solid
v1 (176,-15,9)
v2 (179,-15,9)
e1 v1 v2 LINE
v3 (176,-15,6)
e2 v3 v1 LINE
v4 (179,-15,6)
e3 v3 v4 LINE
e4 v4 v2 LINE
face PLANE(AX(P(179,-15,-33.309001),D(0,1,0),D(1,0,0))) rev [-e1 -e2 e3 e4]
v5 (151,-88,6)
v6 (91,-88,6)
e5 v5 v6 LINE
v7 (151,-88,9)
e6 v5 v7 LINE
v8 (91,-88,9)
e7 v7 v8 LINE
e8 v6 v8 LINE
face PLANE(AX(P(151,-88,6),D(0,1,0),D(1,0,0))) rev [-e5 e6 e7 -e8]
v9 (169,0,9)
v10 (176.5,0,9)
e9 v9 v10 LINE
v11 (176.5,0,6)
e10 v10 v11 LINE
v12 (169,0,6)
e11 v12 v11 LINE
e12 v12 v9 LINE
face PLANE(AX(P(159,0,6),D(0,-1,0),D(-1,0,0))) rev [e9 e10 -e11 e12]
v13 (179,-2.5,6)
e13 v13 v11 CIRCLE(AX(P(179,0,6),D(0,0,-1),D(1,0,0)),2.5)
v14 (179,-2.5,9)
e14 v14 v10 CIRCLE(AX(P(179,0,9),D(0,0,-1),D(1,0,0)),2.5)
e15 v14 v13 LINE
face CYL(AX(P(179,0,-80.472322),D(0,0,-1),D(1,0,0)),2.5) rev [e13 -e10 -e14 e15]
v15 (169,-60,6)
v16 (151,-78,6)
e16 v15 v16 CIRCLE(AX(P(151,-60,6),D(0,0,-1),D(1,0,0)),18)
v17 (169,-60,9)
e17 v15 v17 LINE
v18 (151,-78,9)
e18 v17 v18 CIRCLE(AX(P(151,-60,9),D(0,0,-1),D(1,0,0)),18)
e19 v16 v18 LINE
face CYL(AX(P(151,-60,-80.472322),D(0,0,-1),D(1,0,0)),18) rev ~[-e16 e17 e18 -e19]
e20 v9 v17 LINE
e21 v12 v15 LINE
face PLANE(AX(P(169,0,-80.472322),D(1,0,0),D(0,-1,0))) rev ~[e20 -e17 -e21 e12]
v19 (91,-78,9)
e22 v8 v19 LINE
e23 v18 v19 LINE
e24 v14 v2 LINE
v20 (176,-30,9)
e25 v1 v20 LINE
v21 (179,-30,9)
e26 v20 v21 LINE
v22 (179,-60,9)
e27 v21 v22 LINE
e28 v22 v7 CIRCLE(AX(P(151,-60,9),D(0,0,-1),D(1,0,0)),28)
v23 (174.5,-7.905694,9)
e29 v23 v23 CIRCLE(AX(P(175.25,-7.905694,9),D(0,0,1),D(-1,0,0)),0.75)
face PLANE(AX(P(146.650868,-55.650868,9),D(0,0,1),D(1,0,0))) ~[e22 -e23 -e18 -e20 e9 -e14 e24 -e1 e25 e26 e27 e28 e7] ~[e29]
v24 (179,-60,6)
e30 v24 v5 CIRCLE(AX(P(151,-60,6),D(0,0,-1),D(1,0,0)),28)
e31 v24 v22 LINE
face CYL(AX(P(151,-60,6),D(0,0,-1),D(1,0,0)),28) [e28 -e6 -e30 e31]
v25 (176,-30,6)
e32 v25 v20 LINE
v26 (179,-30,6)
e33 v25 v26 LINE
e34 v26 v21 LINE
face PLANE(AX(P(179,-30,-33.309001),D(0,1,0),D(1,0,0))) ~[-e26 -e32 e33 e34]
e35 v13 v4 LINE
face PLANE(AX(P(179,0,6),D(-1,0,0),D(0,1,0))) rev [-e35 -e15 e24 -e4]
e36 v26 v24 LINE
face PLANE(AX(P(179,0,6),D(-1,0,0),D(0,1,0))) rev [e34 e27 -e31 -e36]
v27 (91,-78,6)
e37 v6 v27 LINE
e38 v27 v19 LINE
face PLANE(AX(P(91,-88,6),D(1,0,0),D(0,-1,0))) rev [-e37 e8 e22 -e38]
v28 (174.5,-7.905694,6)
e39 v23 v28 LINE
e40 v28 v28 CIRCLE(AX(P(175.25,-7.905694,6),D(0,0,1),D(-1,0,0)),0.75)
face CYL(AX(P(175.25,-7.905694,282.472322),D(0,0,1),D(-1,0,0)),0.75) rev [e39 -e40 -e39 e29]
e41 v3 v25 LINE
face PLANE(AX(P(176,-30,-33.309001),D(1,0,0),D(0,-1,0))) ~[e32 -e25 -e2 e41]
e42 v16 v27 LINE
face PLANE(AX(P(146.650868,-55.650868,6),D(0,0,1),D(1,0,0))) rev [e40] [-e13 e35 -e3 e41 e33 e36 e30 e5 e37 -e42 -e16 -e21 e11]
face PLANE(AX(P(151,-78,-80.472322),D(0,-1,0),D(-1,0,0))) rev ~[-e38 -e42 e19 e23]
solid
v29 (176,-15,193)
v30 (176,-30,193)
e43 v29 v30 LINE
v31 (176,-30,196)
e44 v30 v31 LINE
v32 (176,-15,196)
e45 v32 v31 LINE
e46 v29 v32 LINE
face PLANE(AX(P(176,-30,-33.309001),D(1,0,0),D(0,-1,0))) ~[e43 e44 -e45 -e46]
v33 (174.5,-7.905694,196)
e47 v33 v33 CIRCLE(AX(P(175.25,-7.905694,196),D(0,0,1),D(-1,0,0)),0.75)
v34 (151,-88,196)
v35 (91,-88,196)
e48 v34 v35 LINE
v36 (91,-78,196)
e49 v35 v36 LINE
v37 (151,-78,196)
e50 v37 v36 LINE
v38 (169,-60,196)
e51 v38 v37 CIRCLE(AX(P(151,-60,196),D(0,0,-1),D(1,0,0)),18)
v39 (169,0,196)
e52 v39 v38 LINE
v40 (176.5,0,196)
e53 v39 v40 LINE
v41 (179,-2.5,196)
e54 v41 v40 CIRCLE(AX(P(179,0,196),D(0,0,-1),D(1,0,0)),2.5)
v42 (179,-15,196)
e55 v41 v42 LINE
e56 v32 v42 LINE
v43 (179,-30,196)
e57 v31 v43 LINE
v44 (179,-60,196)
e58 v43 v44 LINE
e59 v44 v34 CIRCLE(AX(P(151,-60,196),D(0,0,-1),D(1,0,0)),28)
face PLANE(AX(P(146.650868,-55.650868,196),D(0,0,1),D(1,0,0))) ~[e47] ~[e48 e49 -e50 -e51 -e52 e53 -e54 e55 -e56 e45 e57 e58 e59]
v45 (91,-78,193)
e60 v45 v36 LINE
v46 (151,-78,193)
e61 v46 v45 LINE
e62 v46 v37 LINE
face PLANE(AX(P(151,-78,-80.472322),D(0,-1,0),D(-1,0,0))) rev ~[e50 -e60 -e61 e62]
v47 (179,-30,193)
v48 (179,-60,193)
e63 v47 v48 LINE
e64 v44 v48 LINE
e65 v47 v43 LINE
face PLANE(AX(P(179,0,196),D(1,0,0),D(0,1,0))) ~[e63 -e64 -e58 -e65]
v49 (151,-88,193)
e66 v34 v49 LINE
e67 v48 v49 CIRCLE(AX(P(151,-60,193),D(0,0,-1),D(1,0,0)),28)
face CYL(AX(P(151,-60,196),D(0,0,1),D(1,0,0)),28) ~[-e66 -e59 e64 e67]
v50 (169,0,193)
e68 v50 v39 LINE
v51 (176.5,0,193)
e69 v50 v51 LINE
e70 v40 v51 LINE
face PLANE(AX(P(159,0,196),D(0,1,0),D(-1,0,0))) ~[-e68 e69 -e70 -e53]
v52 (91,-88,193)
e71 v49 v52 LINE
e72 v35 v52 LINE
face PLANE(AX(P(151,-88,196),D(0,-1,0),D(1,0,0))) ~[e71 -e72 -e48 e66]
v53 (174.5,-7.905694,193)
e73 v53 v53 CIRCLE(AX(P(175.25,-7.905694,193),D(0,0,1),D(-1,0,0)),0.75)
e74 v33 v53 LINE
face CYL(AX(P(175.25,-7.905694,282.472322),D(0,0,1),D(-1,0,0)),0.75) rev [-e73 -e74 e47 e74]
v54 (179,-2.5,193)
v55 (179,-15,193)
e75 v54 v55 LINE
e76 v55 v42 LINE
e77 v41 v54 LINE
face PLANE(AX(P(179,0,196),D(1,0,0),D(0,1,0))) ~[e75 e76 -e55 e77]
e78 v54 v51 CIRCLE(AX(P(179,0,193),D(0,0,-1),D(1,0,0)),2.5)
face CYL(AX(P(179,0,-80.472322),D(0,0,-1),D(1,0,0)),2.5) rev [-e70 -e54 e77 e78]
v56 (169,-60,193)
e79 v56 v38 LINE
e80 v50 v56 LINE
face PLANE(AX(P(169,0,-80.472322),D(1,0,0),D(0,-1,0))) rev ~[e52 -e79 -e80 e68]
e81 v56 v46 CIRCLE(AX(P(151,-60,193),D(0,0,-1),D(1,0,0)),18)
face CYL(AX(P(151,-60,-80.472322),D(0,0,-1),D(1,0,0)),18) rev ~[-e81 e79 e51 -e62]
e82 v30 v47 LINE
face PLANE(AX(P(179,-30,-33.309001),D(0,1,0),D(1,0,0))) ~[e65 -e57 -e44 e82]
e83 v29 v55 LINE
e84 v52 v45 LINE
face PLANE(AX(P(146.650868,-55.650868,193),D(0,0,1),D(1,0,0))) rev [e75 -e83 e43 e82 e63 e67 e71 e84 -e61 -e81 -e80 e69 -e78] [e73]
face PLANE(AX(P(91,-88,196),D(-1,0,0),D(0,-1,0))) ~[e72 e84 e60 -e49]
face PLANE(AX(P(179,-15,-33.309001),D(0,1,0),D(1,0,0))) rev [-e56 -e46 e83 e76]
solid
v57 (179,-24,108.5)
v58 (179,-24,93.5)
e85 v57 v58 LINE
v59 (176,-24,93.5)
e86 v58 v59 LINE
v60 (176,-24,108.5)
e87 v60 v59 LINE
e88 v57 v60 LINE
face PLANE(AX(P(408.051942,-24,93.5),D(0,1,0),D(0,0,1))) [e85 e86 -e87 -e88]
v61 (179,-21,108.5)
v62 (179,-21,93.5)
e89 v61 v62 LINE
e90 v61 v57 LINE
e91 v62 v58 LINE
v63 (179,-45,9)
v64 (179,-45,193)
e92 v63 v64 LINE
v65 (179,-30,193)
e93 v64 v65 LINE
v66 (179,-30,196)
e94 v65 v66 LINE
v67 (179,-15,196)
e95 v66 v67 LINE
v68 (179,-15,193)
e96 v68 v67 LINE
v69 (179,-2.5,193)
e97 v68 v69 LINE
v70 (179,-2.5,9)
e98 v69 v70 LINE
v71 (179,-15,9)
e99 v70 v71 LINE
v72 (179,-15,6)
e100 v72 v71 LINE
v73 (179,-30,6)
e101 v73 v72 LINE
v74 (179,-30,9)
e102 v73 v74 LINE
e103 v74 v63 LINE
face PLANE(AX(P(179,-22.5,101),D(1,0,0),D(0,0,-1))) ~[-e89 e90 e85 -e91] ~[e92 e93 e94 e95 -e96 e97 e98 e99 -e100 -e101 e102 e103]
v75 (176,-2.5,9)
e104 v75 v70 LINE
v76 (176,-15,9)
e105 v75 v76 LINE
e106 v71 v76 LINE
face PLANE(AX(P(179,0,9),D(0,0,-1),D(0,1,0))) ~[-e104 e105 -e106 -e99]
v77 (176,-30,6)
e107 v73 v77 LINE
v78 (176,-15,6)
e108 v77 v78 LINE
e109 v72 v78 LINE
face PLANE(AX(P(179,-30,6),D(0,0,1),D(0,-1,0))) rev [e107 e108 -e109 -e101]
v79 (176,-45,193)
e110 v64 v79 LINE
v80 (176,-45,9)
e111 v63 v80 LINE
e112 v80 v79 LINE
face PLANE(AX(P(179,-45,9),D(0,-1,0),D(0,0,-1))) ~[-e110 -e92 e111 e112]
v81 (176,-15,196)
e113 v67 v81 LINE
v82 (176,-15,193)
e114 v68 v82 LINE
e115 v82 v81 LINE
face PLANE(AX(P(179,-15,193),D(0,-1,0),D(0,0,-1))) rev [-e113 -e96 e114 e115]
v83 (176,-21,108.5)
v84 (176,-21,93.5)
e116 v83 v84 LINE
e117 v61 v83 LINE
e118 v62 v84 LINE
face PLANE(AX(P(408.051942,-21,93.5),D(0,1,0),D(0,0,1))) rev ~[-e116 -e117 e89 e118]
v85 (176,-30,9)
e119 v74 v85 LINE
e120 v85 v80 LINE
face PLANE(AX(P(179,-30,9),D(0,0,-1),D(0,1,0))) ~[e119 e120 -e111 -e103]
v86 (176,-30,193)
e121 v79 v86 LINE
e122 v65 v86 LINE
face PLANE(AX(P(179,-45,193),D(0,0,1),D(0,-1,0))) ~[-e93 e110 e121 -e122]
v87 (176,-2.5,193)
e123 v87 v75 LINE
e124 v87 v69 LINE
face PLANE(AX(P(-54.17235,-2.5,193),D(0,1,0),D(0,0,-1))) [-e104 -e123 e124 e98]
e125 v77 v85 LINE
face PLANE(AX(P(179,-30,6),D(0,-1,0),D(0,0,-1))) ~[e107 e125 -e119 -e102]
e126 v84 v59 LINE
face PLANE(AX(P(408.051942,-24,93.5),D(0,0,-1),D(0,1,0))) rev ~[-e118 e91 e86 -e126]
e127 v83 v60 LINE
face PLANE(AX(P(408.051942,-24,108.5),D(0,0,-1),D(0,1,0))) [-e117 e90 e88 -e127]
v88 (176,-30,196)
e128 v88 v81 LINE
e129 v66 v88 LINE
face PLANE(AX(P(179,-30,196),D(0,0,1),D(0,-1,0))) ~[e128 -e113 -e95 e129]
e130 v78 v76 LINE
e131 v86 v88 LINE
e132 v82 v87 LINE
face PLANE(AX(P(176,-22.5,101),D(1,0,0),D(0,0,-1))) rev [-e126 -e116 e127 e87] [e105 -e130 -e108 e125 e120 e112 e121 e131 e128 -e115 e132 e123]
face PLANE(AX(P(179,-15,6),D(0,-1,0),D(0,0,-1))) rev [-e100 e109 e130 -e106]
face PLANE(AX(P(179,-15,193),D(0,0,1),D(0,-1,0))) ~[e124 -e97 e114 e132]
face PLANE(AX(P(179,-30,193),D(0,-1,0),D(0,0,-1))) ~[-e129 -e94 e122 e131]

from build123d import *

# Parameters (mm, degrees)
BOSS_EXTRUDE1_DEPTH     = 3
BOSS_EXTRUDE2_START     = -190
BOSS_EXTRUDE2_DEPTH     = 3
CUT_EXTRUDE1_DEPTH      = 229.309001137
CUT_EXTRUDE1_DEPTH_BACK = 229.309001137
SKETCH2_W               = 3
SKETCH2_H               = 15
SKETCH3_W               = 3
SKETCH3_H               = 15
BOSS_EXTRUDE3_DEPTH     = 3
CUT_EXTRUDE2_DEPTH      = 276.472321659
CUT_EXTRUDE2_DEPTH_BACK = 276.472321659
SKETCH6_R               = 2.5
CUT_EXTRUDE3_DEPTH      = 233.172349775
CUT_EXTRUDE3_DEPTH_BACK = 233.172349775
SKETCH7_W               = 184
SKETCH7_H               = 2.5
CUT_EXTRUDE4_DEPTH      = 232.051942212
CUT_EXTRUDE4_DEPTH_BACK = 232.051942212
SKETCH8_W               = 15
SKETCH8_H               = 3
CUT_EXTRUDE6_DEPTH      = 276.472321659
CUT_EXTRUDE6_DEPTH_BACK = 276.472321659
CUT_EXTRUDE7_DEPTH      = 276.472321659
CUT_EXTRUDE7_DEPTH_BACK = 276.472321659
SKETCH12_R              = 0.75


with BuildPart() as part:
    # Sketch1 → Boss-Extrude1 (new body)
    with BuildSketch(Plane.XY.offset(196)):
        with BuildLine():
            Line((91, -68), (31, -68))
            ThreePointArc((31, -68), (25.343145751, -65.656854249), (23, -60))
            Line((23, -60), (23, 0))
            Line((23, 0), (3, 0))
            Line((3, 0), (3, -60))
            ThreePointArc((3, -60), (11.201010127, -79.798989873), (31, -88))
            Line((31, -88), (91, -88))
            Line((91, -88), (91, -68))
        make_face()
    extrude(amount=-BOSS_EXTRUDE1_DEPTH)


with BuildPart() as body_2:
    # Sketch1<2> → Boss-Extrude2 (new body)
    with BuildSketch(Plane.XY.offset(196).offset(BOSS_EXTRUDE2_START)):
        with BuildLine():
            Line((91, -68), (31, -68))
            ThreePointArc((31, -68), (25.343145751, -65.656854249), (23, -60))
            Line((23, -60), (23, 0))
            Line((23, 0), (3, 0))
            Line((3, 0), (3, -60))
            ThreePointArc((3, -60), (11.201010127, -79.798989873), (31, -88))
            Line((31, -88), (91, -88))
            Line((91, -88), (91, -68))
        make_face()
    extrude(amount=BOSS_EXTRUDE2_DEPTH)


with BuildPart() as cut_extrude1_tool:
    # Sketch2 → Cut-Extrude1 (new, two sides: drawn at the far end of the back side and taken through both)
    with BuildSketch(Plane.XY.offset(196).offset(-CUT_EXTRUDE1_DEPTH_BACK)):
        with Locations((4.5, -22.5)):
            Rectangle(SKETCH2_W, SKETCH2_H)
    extrude(amount=CUT_EXTRUDE1_DEPTH + CUT_EXTRUDE1_DEPTH_BACK)


with BuildPart() as part_1:
    add(part.part)

    # Cut-Extrude1: cut by cut_extrude1_tool
    add(cut_extrude1_tool.part, mode=Mode.SUBTRACT)


with BuildPart() as body_2_1:
    add(body_2.part)

    # Cut-Extrude1: cut by cut_extrude1_tool
    add(cut_extrude1_tool.part, mode=Mode.SUBTRACT)


with BuildPart() as body_3:
    # Sketch3 → Boss-Extrude3 (new body)
    with BuildSketch(Plane.ZY.offset(-3)):
        Polygon((193, 0), (9, 0), (9, -45), (193, -45), (193, -30), (193, -15), align=None)
        with Locations((7.5, -22.5)):
            Rectangle(SKETCH3_W, SKETCH3_H)
        with Locations((194.5, -22.5)):
            Rectangle(SKETCH3_W, SKETCH3_H)
    extrude(amount=-BOSS_EXTRUDE3_DEPTH)


with BuildPart() as body_4:
    # Mirror1: mirrored copy
    add(body_3.part.mirror(Plane(origin=(91, -88, 193), x_dir=(0, 0, 1), z_dir=(1, 0, 0))))


with BuildPart() as body_5:
    # Mirror1 2: mirrored copy
    add(part_1.part.mirror(Plane(origin=(91, -88, 193), x_dir=(0, 0, 1), z_dir=(1, 0, 0))))


with BuildPart() as body_6:
    # Mirror1 3: mirrored copy
    add(body_2_1.part.mirror(Plane(origin=(91, -88, 193), x_dir=(0, 0, 1), z_dir=(1, 0, 0))))


with BuildPart() as cut_extrude2_tool:
    # Sketch6 → Cut-Extrude2 (new, two sides: drawn at the far end of the back side and taken through both)
    with BuildSketch(Plane.XY.offset(196).offset(-CUT_EXTRUDE2_DEPTH_BACK)):
        with Locations((179, 0)):
            Circle(SKETCH6_R)
    extrude(amount=CUT_EXTRUDE2_DEPTH + CUT_EXTRUDE2_DEPTH_BACK)


with BuildPart() as body_4_1:
    add(body_4.part)

    # Cut-Extrude2: cut by cut_extrude2_tool
    add(cut_extrude2_tool.part, mode=Mode.SUBTRACT)

    # Sketch7 → Cut-Extrude3 (cut, two sides: drawn at the far end of the back side and taken through both)
    with BuildSketch(Plane(origin=(179, 0, 0), x_dir=(0, 0, -1), z_dir=(1, 0, 0)).offset(-CUT_EXTRUDE3_DEPTH_BACK)):
        with Locations((-101, -1.25)):
            Rectangle(SKETCH7_W, SKETCH7_H)
    extrude(amount=CUT_EXTRUDE3_DEPTH + CUT_EXTRUDE3_DEPTH_BACK, mode=Mode.SUBTRACT)

    # Sketch8 → Cut-Extrude4 (cut, two sides: drawn at the far end of the back side and taken through both)
    with BuildSketch(Plane.ZY.offset(-176).offset(-CUT_EXTRUDE4_DEPTH_BACK)):
        with Locations((101, -22.5)):
            Rectangle(SKETCH8_W, SKETCH8_H)
    extrude(amount=CUT_EXTRUDE4_DEPTH + CUT_EXTRUDE4_DEPTH_BACK, mode=Mode.SUBTRACT)


with BuildPart() as body_5_1:
    add(body_5.part)

    # Cut-Extrude2: cut by cut_extrude2_tool
    add(cut_extrude2_tool.part, mode=Mode.SUBTRACT)


with BuildPart() as body_6_1:
    add(body_6.part)

    # Cut-Extrude2: cut by cut_extrude2_tool
    add(cut_extrude2_tool.part, mode=Mode.SUBTRACT)


with BuildPart() as cut_extrude6_tool:
    # Sketch11 → Cut-Extrude6 (new, two sides: drawn at the far end of the back side and taken through both)
    with BuildSketch(Plane.XY.offset(196).offset(-CUT_EXTRUDE6_DEPTH_BACK)):
        with BuildLine():
            Line((91, -68), (151, -68))
            ThreePointArc((151, -68), (156.656854249, -65.656854249), (159, -60))
            Line((159, -60), (159, 0))
            Line((159, 0), (169, 0))
            Line((169, 0), (169, -60))
            ThreePointArc((169, -60), (163.727922061, -72.727922061), (151, -78))
            Line((151, -78), (91, -78))
            Line((91, -78), (91, -68))
        make_face()
    extrude(amount=CUT_EXTRUDE6_DEPTH + CUT_EXTRUDE6_DEPTH_BACK)


with BuildPart() as body_5_2:
    add(body_5_1.part)

    # Cut-Extrude6: cut by cut_extrude6_tool
    add(cut_extrude6_tool.part, mode=Mode.SUBTRACT)


with BuildPart() as body_6_2:
    add(body_6_1.part)

    # Cut-Extrude6: cut by cut_extrude6_tool
    add(cut_extrude6_tool.part, mode=Mode.SUBTRACT)


with BuildPart() as cut_extrude7_tool:
    # Sketch12 → Cut-Extrude7 (new, two sides: drawn at the far end of the back side and taken through both)
    with BuildSketch(Plane(origin=(0, 0, 6), x_dir=(-1, 0, 0), z_dir=(0, 0, -1)).offset(-CUT_EXTRUDE7_DEPTH_BACK)):
        with Locations((-175.25, -7.90569415)):
            Circle(SKETCH12_R)
    extrude(amount=CUT_EXTRUDE7_DEPTH + CUT_EXTRUDE7_DEPTH_BACK)


with BuildPart() as body_5_3:
    add(body_5_2.part)

    # Cut-Extrude7: cut by cut_extrude7_tool
    add(cut_extrude7_tool.part, mode=Mode.SUBTRACT)


with BuildPart() as body_6_3:
    add(body_6_2.part)

    # Cut-Extrude7: cut by cut_extrude7_tool
    add(cut_extrude7_tool.part, mode=Mode.SUBTRACT)


solid = Compound([body_4_1.part, body_5_3.part, body_6_3.part])
